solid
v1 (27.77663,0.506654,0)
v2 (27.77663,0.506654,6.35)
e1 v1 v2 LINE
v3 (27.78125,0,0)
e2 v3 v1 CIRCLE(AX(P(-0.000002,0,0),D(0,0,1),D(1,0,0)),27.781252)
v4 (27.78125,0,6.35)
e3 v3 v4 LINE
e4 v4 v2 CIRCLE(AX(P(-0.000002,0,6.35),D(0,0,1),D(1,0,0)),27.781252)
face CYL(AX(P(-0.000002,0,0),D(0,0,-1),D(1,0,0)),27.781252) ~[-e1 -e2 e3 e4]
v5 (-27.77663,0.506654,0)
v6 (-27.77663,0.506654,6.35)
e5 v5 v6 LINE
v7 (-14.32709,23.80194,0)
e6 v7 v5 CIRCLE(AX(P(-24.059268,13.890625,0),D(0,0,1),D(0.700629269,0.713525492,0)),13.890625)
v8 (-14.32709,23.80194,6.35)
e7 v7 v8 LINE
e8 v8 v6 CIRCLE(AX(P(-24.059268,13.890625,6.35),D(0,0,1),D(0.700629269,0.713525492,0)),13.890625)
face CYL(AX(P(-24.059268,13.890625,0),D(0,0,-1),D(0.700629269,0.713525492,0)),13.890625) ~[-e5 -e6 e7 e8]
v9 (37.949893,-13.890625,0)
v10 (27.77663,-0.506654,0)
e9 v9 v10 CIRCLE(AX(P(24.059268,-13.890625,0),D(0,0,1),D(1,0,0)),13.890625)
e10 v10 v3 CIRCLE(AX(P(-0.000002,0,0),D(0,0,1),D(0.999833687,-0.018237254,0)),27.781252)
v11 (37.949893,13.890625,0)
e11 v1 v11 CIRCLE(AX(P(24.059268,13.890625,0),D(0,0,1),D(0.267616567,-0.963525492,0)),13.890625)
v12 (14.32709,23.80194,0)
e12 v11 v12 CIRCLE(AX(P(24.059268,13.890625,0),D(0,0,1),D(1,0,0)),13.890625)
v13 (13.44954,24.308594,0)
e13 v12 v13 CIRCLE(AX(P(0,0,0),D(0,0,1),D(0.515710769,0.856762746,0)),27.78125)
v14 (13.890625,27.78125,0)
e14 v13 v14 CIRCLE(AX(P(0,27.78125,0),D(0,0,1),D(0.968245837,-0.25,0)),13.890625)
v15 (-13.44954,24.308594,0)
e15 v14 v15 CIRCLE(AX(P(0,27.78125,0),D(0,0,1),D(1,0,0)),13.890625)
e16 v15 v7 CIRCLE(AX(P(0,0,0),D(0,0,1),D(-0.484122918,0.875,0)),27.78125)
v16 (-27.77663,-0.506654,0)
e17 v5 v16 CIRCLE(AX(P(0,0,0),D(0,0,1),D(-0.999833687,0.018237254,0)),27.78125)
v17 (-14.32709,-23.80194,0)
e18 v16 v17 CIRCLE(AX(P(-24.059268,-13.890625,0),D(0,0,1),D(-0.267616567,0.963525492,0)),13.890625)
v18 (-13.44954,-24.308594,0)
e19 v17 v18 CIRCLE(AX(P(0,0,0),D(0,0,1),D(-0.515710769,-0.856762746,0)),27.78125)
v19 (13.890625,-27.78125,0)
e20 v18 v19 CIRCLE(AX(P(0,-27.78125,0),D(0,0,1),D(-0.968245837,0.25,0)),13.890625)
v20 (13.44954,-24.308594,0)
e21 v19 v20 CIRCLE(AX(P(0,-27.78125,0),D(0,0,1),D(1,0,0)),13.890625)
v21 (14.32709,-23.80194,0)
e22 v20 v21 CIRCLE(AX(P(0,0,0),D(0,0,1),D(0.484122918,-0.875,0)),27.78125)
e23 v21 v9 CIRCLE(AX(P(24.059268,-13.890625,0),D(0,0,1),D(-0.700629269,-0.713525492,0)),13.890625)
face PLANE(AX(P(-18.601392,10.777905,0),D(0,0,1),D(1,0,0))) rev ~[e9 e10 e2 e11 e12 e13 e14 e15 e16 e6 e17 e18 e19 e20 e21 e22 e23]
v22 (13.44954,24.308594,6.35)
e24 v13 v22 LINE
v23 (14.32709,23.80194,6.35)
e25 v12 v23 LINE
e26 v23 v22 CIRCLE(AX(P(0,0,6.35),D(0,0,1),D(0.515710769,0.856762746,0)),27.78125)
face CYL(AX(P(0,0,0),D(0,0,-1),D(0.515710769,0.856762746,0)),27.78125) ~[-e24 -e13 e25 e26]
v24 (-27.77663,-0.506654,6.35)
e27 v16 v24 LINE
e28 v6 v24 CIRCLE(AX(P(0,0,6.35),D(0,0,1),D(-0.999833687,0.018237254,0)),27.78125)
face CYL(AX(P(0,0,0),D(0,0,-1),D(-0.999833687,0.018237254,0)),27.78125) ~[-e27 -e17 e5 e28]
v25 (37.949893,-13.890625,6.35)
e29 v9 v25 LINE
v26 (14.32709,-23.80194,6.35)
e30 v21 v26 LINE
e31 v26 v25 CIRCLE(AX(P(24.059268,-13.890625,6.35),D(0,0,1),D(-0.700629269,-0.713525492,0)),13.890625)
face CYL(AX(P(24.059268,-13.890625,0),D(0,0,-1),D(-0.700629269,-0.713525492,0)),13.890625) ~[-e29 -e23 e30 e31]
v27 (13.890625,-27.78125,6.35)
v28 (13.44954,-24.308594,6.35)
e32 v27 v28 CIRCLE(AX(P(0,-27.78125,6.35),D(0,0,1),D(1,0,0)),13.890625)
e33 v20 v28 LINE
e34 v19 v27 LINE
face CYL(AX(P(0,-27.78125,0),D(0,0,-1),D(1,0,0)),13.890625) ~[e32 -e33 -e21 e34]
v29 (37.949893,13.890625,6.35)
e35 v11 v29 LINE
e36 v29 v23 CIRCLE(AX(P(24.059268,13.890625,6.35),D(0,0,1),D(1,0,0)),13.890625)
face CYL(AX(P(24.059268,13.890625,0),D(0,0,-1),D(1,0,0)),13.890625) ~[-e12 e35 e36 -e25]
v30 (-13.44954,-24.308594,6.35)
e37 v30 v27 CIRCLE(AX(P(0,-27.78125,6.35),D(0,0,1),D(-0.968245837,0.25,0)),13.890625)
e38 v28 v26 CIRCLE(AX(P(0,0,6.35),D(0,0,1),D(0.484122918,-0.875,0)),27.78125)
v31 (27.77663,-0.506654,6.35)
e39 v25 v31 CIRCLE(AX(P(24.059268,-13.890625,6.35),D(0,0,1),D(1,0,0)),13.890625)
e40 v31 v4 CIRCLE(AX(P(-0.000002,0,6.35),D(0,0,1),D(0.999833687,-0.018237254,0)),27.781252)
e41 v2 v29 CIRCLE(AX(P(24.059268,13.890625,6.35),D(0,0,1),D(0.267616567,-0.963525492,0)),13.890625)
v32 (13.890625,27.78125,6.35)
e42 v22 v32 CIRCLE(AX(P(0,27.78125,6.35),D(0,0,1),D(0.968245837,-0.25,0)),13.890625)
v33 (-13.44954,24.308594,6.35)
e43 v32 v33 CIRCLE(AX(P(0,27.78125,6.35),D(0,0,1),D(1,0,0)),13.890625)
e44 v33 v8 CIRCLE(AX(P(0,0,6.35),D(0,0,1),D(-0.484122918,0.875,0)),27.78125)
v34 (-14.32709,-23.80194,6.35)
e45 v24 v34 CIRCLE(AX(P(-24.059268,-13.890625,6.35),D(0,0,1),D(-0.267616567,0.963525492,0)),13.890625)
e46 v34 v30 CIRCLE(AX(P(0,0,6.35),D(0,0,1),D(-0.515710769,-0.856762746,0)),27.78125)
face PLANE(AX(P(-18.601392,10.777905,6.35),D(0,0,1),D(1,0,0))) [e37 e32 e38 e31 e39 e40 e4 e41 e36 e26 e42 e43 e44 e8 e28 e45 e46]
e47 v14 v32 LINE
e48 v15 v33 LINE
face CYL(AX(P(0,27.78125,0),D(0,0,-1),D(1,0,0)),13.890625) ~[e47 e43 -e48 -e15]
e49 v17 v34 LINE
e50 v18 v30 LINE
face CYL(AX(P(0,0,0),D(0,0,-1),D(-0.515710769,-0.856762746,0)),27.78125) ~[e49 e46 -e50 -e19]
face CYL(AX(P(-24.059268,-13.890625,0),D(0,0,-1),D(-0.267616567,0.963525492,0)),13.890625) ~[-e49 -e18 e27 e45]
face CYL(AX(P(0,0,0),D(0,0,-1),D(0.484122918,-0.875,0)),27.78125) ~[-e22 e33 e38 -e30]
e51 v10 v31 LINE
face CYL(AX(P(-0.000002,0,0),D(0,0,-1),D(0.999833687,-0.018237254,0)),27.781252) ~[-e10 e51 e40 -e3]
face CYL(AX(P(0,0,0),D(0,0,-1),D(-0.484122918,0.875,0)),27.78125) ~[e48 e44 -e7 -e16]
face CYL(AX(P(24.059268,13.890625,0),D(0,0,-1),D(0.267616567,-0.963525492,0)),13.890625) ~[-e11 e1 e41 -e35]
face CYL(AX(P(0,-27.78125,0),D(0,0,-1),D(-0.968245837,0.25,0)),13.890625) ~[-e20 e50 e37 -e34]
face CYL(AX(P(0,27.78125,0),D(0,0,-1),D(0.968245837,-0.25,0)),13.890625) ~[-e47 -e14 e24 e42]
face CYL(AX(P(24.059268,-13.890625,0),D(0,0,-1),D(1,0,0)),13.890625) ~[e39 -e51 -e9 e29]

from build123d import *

# Parameters (mm, degrees)
F1_DEPTH = 6.35


with BuildPart() as f1:
    # F0 (on Top) → F1 (new body)
    with BuildSketch(Plane.XY):
        with BuildLine():
            ThreePointArc((-24.0592682489, 0), (-14.2371131165, 4.0684698676), (-10.1686432489, 13.890625))
            ThreePointArc((-10.1686432489, 13.890625), (-10.6419546741, 17.4857827611), (-12.0296335682, 20.8359365366))
            ThreePointArc((-12.0296335682, 20.8359365366), (-13.0777646274, 22.3968604248), (-14.3270898061, 23.8019400312))
            ThreePointArc((-14.3270898061, 23.8019400312), (-24.0592682489, 13.890625), (-27.7766296295, 0.5066537188))
            ThreePointArc((-27.7766296295, 0.5066537188), (-25.9351329578, 0.1272462548), (-24.0592682489, 0))
        make_face()
        with BuildLine():
            ThreePointArc((-14.3270898061, 23.8019400312), (-13.0777646274, 22.3968604248), (-12.0296335682, 20.8359365366))
            ThreePointArc((-12.0296335682, 20.8359365366), (-12.8573677792, 22.5241066045), (-13.4495398234, 24.30859375))
            ThreePointArc((-13.4495398234, 24.30859375), (-13.890625, 24.0592682489), (-14.3270898061, 23.8019400312))
        make_face()
        with BuildLine():
            ThreePointArc((-13.4495398234, 24.30859375), (-12.8573677792, 22.5241066045), (-12.0296335682, 20.8359365366))
            ThreePointArc((-12.0296335682, 20.8359365366), (1.0177e-06, 13.890625), (12.0296345859, 20.8359382993))
            ThreePointArc((12.0296345859, 20.8359382993), (12.8573681644, 22.5241075465), (13.4495398234, 24.30859375))
            ThreePointArc((13.4495398234, 24.30859375), (0, 27.78125), (-13.4495398234, 24.30859375))
        make_face()
        with BuildLine():
            ThreePointArc((-27.7766296295, -0.5066537188), (-25.9351329578, -0.1272462548), (-24.0592682489, 0))
            ThreePointArc((-24.0592682489, 0), (-25.9351329578, 0.1272462548), (-27.7766296295, 0.5066537188))
            ThreePointArc((-27.7766296295, 0.5066537188), (-27.78125, 0), (-27.7766296295, -0.5066537188))
        make_face()
        with BuildLine():
            ThreePointArc((-10.1686432489, -13.890625), (-14.2371131165, -4.0684698676), (-24.0592682489, 0))
            ThreePointArc((-24.0592682489, 0), (-25.9351329578, -0.1272462548), (-27.7766296295, -0.5066537188))
            ThreePointArc((-27.7766296295, -0.5066537188), (-24.0592682489, -13.890625), (-14.3270898061, -23.8019400312))
            ThreePointArc((-14.3270898061, -23.8019400312), (-13.0777652945, -22.3968612859), (-12.0296346574, -20.8359384232))
            ThreePointArc((-12.0296346574, -20.8359384232), (-10.641954956, -17.4857838132), (-10.1686432489, -13.890625))
        make_face()
        with BuildLine():
            ThreePointArc((-27.7766296295, 0.5066537188), (-24.0592682489, 13.890625), (-14.3270898061, 23.8019400312))
            ThreePointArc((-14.3270898061, 23.8019400312), (-36.0889023733, 20.8359375), (-27.7766296295, 0.5066537188))
        make_face()
        with BuildLine():
            ThreePointArc((13.890625, 27.78125), (-1.7502783753, 41.5611624997), (-13.4495398234, 24.30859375))
            ThreePointArc((-13.4495398234, 24.30859375), (0, 27.78125), (13.4495398234, 24.30859375))
            ThreePointArc((13.4495398234, 24.30859375), (13.7799124997, 26.0309716247), (13.890625, 27.78125))
        make_face()
        with BuildLine():
            ThreePointArc((13.4495398234, 24.30859375), (12.8573681644, 22.5241075465), (12.0296345859, 20.8359382993))
            ThreePointArc((12.0296345859, 20.8359382993), (13.0777652506, 22.3968612294), (14.3270898061, 23.8019400312))
            ThreePointArc((14.3270898061, 23.8019400312), (13.890625, 24.0592682489), (13.4495398234, 24.30859375))
        make_face()
        with BuildLine():
            ThreePointArc((14.3270898061, 23.8019400312), (13.0777652506, 22.3968612294), (12.0296345859, 20.8359382993))
            ThreePointArc((12.0296345859, 20.8359382993), (12.0296338937, 6.9453128996), (24.0592682489, 0))
            ThreePointArc((24.0592682489, 0), (25.9351329578, 0.1272462548), (27.7766296295, 0.5066537188))
            ThreePointArc((27.7766296295, 0.5066537188), (24.0592682489, 13.890625), (14.3270898061, 23.8019400312))
        make_face()
        with BuildLine():
            ThreePointArc((-14.3270898061, -23.8019400312), (-24.0592682489, -13.890625), (-27.7766296295, -0.5066537188))
            ThreePointArc((-27.7766296295, -0.5066537188), (-36.0889023733, -20.8359375), (-14.3270898061, -23.8019400312))
        make_face()
        with BuildLine():
            ThreePointArc((37.9498932489, 13.890625), (29.4334389621, 26.6995184743), (14.3270898061, 23.8019400312))
            ThreePointArc((14.3270898061, 23.8019400312), (24.0592682489, 13.890625), (27.7766296295, 0.5066537188))
            ThreePointArc((27.7766296295, 0.5066537188), (35.1178833479, 5.4848832135), (37.9498932489, 13.890625))
        make_face()
        with BuildLine():
            ThreePointArc((27.7766296295, 0.5066537188), (25.9351329578, 0.1272462548), (24.0592682489, 0))
            ThreePointArc((24.0592682489, 0), (25.9351329578, -0.1272462548), (27.7766296295, -0.5066537188))
            ThreePointArc((27.7766296295, -0.5066537188), (27.7800948833, -0.2533373929), (27.78125, 0))
            ThreePointArc((27.78125, 0), (27.7800948833, 0.2533373929), (27.7766296295, 0.5066537188))
        make_face()
        with BuildLine():
            ThreePointArc((27.7766296295, -0.5066537188), (25.9351329578, -0.1272462548), (24.0592682489, 0))
            ThreePointArc((24.0592682489, 0), (12.0296338267, -6.9453130157), (12.0296347199, -20.8359385313))
            ThreePointArc((12.0296347199, -20.8359385313), (13.0777653327, -22.3968613353), (14.3270898061, -23.8019400312))
            ThreePointArc((14.3270898061, -23.8019400312), (24.0592682489, -13.890625), (27.7766296295, -0.5066537188))
        make_face()
        with BuildLine():
            ThreePointArc((12.0296347199, -20.8359385313), (6.25e-08, -13.890625), (-12.0296346574, -20.8359384232))
            ThreePointArc((-12.0296346574, -20.8359384232), (-12.8573681914, -22.5241076127), (-13.4495398234, -24.30859375))
            ThreePointArc((-13.4495398234, -24.30859375), (0, -27.78125), (13.4495398234, -24.30859375))
            ThreePointArc((13.4495398234, -24.30859375), (12.8573682151, -22.5241076705), (12.0296347199, -20.8359385313))
        make_face()
        with BuildLine():
            ThreePointArc((-13.4495398234, -24.30859375), (-12.8573681914, -22.5241076127), (-12.0296346574, -20.8359384232))
            ThreePointArc((-12.0296346574, -20.8359384232), (-13.0777652945, -22.3968612859), (-14.3270898061, -23.8019400312))
            ThreePointArc((-14.3270898061, -23.8019400312), (-13.890625, -24.0592682489), (-13.4495398234, -24.30859375))
        make_face()
        with BuildLine():
            ThreePointArc((37.9498932489, -13.890625), (35.1178833479, -5.4848832135), (27.7766296295, -0.5066537188))
            ThreePointArc((27.7766296295, -0.5066537188), (24.0592682489, -13.890625), (14.3270898061, -23.8019400312))
            ThreePointArc((14.3270898061, -23.8019400312), (29.4334389621, -26.6995184743), (37.9498932489, -13.890625))
        make_face()
        with BuildLine():
            ThreePointArc((14.3270898061, -23.8019400312), (13.0777653327, -22.3968613353), (12.0296347199, -20.8359385313))
            ThreePointArc((12.0296347199, -20.8359385313), (12.8573682151, -22.5241076705), (13.4495398234, -24.30859375))
            ThreePointArc((13.4495398234, -24.30859375), (13.890625, -24.0592682489), (14.3270898061, -23.8019400312))
        make_face()
        with BuildLine():
            ThreePointArc((13.4495398234, -24.30859375), (0, -27.78125), (-13.4495398234, -24.30859375))
            ThreePointArc((-13.4495398234, -24.30859375), (-1.7502783753, -41.5611624997), (13.890625, -27.78125))
            ThreePointArc((13.890625, -27.78125), (13.7799124997, -26.0309716247), (13.4495398234, -24.30859375))
        make_face()
        with BuildLine():
            ThreePointArc((-12.0296335682, 20.8359365366), (-10.6419546741, 17.4857827611), (-10.1686432489, 13.890625))
            ThreePointArc((-10.1686432489, 13.890625), (-14.2371131165, 4.0684698676), (-24.0592682489, 0))
            ThreePointArc((-24.0592682489, 0), (-14.2371131165, -4.0684698676), (-10.1686432489, -13.890625))
            ThreePointArc((-10.1686432489, -13.890625), (-10.641954956, -17.4857838132), (-12.0296346574, -20.8359384232))
            ThreePointArc((-12.0296346574, -20.8359384232), (6.25e-08, -13.890625), (12.0296347199, -20.8359385313))
            ThreePointArc((12.0296347199, -20.8359385313), (12.0296338267, -6.9453130157), (24.0592682489, 0))
            ThreePointArc((24.0592682489, 0), (12.0296338937, 6.9453128996), (12.0296345859, 20.8359382993))
            ThreePointArc((12.0296345859, 20.8359382993), (1.0177e-06, 13.890625), (-12.0296335682, 20.8359365366))
        make_face()
    extrude(amount=F1_DEPTH)


solid = f1.part
